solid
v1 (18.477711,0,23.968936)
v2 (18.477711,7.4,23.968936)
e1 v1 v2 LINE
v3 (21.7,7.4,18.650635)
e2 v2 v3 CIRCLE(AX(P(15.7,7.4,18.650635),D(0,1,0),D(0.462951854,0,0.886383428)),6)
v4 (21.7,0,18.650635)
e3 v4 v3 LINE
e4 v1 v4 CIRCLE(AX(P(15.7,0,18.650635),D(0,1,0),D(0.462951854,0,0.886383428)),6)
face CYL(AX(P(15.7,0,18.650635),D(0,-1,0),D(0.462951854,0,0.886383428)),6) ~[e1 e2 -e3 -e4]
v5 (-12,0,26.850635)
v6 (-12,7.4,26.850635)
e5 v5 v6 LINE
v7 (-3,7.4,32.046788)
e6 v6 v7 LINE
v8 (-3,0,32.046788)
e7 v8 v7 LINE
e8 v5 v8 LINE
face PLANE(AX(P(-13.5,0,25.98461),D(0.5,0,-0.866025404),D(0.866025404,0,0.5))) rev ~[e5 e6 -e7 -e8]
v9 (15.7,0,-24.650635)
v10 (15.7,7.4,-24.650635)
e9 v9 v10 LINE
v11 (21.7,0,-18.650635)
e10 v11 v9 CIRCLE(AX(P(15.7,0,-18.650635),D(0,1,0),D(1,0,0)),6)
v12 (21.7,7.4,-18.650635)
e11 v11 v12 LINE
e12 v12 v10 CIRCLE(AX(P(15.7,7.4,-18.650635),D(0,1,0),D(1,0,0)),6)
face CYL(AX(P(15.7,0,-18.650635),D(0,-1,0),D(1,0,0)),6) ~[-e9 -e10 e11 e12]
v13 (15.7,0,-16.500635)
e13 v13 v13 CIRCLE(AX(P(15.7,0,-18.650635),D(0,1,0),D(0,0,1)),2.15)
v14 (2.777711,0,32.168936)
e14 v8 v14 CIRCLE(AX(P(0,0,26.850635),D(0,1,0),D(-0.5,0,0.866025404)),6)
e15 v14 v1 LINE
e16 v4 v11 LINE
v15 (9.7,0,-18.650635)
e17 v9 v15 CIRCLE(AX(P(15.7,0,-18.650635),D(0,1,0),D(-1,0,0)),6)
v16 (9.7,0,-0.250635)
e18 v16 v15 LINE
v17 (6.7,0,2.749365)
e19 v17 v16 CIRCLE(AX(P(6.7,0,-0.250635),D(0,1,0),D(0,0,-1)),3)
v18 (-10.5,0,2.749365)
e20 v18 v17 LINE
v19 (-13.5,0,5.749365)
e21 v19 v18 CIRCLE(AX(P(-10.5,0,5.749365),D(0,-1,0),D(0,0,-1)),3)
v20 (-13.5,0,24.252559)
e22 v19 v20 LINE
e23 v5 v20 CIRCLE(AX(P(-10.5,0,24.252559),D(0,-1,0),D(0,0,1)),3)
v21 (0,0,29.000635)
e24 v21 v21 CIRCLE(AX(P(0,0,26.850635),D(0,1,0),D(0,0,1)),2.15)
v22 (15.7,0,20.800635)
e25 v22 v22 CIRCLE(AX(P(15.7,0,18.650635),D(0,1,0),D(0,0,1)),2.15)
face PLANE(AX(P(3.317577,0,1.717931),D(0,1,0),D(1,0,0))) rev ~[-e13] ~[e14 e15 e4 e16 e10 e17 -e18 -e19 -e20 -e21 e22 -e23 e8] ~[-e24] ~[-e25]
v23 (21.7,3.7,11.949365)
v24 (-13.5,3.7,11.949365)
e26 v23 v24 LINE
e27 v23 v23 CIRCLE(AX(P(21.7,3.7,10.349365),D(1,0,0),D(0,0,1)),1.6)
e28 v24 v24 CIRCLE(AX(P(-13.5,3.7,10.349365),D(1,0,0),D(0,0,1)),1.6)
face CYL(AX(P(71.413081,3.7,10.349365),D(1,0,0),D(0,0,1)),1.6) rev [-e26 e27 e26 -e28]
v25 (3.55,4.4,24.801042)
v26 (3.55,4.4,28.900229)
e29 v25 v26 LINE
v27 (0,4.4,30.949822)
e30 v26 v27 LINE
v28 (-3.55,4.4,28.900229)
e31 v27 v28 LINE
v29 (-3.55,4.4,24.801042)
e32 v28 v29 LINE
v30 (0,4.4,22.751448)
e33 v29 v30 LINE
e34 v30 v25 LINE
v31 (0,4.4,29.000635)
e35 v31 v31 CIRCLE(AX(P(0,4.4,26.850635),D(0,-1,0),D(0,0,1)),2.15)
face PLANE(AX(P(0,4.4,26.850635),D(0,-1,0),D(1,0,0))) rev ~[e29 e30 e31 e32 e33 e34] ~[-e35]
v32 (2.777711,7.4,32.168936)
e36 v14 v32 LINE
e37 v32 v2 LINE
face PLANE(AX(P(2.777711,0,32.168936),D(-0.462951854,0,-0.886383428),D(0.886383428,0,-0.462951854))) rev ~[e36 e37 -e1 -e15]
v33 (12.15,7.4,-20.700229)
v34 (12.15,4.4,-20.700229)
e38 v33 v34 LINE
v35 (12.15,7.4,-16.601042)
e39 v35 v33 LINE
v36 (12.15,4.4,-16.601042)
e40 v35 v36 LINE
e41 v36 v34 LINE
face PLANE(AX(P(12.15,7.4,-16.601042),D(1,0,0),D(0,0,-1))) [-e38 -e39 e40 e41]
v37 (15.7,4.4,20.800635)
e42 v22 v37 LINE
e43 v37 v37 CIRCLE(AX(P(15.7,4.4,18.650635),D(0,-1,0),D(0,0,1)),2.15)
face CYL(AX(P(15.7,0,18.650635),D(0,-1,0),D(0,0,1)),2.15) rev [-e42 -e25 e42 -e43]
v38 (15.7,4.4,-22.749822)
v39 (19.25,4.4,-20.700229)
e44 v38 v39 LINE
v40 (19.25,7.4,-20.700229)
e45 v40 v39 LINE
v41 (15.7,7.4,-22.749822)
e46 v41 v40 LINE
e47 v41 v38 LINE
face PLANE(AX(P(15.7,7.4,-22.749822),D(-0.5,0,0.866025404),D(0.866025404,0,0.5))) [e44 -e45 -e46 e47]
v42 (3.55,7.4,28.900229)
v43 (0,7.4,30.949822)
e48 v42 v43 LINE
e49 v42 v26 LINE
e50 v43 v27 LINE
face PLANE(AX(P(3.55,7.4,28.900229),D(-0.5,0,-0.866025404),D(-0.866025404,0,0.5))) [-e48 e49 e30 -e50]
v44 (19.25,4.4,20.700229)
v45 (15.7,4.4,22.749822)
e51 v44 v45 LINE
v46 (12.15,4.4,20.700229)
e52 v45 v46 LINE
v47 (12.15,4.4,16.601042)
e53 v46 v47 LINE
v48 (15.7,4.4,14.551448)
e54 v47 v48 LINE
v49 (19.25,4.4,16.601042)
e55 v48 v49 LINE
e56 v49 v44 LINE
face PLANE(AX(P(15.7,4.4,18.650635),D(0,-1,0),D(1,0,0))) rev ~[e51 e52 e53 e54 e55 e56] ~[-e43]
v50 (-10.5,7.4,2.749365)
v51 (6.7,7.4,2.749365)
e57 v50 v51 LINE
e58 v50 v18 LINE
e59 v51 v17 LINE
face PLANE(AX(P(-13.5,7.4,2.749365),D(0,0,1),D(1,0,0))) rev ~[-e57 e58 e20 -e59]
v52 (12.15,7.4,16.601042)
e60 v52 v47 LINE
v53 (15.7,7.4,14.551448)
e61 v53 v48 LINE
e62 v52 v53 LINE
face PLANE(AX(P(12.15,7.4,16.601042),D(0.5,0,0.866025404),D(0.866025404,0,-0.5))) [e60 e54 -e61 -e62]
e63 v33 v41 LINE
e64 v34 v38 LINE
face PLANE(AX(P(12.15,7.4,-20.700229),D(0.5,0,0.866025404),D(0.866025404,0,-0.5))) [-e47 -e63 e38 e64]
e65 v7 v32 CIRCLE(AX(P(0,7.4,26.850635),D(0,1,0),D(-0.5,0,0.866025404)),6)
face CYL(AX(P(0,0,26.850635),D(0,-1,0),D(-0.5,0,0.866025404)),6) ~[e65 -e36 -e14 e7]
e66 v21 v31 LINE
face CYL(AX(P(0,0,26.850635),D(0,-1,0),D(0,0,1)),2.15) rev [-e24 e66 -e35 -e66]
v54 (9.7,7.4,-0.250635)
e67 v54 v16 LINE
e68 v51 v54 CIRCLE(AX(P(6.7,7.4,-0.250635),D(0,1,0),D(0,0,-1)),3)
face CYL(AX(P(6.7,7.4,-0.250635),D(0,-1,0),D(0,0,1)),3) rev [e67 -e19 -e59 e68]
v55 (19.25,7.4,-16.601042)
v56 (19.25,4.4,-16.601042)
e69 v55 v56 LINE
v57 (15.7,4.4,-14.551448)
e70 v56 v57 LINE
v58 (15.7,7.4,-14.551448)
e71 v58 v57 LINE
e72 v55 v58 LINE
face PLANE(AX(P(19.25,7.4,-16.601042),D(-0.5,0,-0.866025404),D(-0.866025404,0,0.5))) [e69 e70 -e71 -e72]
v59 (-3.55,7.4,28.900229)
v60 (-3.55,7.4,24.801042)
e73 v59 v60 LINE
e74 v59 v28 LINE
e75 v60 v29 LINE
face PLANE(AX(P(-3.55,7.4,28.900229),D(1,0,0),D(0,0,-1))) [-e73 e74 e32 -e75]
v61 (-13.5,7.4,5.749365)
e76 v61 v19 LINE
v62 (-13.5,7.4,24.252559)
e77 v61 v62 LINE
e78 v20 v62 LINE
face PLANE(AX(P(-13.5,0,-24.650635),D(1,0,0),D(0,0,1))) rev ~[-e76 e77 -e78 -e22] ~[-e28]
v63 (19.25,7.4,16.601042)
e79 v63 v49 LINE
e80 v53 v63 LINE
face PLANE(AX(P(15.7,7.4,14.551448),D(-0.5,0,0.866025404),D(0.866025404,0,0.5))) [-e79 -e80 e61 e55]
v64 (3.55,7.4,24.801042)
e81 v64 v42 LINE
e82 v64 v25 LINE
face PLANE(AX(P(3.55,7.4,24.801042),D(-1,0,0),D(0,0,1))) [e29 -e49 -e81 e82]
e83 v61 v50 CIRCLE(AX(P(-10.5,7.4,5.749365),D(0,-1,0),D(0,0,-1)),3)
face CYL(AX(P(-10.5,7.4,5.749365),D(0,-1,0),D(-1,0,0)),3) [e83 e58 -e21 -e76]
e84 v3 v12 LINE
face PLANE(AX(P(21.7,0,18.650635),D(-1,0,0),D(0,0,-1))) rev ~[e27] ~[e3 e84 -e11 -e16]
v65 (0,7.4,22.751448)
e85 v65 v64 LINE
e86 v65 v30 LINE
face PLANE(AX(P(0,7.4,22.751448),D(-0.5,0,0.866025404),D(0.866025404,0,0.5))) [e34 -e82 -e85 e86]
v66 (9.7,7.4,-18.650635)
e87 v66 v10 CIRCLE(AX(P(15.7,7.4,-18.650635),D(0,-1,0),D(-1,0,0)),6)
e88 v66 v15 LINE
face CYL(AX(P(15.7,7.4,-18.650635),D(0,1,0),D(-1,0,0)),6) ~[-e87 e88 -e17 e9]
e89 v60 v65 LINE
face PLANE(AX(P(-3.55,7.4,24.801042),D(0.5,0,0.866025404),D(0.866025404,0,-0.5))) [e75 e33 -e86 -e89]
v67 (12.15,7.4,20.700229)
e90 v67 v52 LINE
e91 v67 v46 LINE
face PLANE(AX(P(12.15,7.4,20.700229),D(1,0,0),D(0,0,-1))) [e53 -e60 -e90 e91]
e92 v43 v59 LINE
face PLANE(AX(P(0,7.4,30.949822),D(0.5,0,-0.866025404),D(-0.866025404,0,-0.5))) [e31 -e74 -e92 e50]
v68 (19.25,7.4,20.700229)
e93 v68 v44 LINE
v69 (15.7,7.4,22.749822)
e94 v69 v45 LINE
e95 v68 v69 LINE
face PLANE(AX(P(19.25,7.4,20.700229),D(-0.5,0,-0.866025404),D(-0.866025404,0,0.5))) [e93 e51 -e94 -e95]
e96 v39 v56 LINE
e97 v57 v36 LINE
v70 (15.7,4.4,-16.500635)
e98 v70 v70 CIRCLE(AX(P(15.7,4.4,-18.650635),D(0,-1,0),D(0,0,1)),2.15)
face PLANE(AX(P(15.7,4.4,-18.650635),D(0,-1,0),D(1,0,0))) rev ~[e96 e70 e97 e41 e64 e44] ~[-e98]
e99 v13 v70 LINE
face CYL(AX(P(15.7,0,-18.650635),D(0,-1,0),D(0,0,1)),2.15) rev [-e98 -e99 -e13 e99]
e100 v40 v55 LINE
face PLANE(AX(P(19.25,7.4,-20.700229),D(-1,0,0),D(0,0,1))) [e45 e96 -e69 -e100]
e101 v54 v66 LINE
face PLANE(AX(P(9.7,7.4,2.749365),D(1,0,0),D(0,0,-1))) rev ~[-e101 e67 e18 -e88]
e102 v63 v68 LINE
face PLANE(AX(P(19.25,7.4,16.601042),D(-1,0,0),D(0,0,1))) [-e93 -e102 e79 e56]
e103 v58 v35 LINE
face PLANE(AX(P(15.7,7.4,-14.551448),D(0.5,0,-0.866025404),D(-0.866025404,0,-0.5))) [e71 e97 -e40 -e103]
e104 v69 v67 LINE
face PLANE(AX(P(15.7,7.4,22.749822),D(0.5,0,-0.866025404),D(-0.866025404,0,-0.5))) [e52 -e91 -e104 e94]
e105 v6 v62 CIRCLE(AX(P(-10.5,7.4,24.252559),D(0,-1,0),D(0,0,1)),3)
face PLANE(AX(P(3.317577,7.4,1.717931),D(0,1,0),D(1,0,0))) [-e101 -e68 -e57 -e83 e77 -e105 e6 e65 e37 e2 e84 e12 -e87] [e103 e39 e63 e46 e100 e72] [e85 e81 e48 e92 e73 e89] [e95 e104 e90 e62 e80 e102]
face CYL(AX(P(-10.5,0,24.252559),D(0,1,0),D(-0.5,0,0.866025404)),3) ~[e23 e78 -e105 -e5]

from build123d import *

# Parameters (mm, degrees)
SKETCH2_R               = 2.15
BOSS_EXTRUDE1_DEPTH     = 7.4
CUT_EXTRUDE4_DEPTH      = 49.713080647
CUT_EXTRUDE4_DEPTH_BACK = 49.713080647
SKETCH3_R               = 1.6
CUT_EXTRUDE1_DEPTH      = 3
CUT_EXTRUDE5_DEPTH      = 41.060132627
FILLET1_R               = 3


with BuildPart() as part:
    # Sketch2 → Boss-Extrude1 (new body)
    with BuildSketch(Plane(origin=(0, 0, 0), x_dir=(1, 0, 0), z_dir=(0, 1, 0))):
        with BuildLine():
            Line((-13.5, -25.984609691), (-3, -32.046787517))
            ThreePointArc((-3, -32.046787517), (-0.126819274, -32.849294684), (2.777711124, -32.168935661))
            Line((2.777711124, -32.168935661), (18.477711124, -23.968935661))
            ThreePointArc((18.477711124, -23.968935661), (20.831581956, -21.759793603), (21.7, -18.650635095))
            Line((21.7, -18.650635095), (21.7, 18.650635095))
            ThreePointArc((21.7, 18.650635095), (19.942640687, 22.893275782), (15.7, 24.650635095))
            Line((15.7, 24.650635095), (11.5, 24.650635095))
            Line((11.5, 24.650635095), (-13.5, 24.650635095))
            Line((-13.5, 24.650635095), (-13.5, -22.650635095))
            Line((-13.5, -22.650635095), (-13.5, -25.984609691))
        make_face()
        with Locations(Location((0, -26.850635095, 0), (0, 0, 270))):
            Circle(SKETCH2_R, mode=Mode.SUBTRACT)
        with Locations(Location((15.7, -18.650635095, 0), (0, 0, 270))):
            Circle(SKETCH2_R, mode=Mode.SUBTRACT)
        with Locations(Location((15.7, 18.650635095, 0), (0, 0, 270))):
            Circle(SKETCH2_R, mode=Mode.SUBTRACT)
    extrude(amount=BOSS_EXTRUDE1_DEPTH)

    # Sketch3 → Cut-Extrude4 (cut, two sides: drawn at the far end of the back side and taken through both)
    with BuildSketch(Plane.ZY.offset(-21.7).offset(-CUT_EXTRUDE4_DEPTH_BACK)):
        with Locations((10.349364905, 3.7)):
            Circle(SKETCH3_R)
    extrude(amount=CUT_EXTRUDE4_DEPTH + CUT_EXTRUDE4_DEPTH_BACK, mode=Mode.SUBTRACT)

    # Sketch4 → Cut-Extrude1 (cut)
    with BuildSketch(Plane.XZ.offset(-7.4)):
        Polygon((0, 22.751448183), (3.55, 24.801041639), (3.55, 28.90022855), (0, 30.949822006), (-3.55, 28.90022855), (-3.55, 24.801041639), align=None)
        Polygon((15.7, 14.551448183), (19.25, 16.601041639), (19.25, 20.70022855), (15.7, 22.749822006), (12.15, 20.70022855), (12.15, 16.601041639), align=None)
        Polygon((12.15, -20.70022855), (15.7, -22.749822006), (19.25, -20.70022855), (19.25, -16.601041639), (15.7, -14.551448183), (12.15, -16.601041639), align=None)
    extrude(amount=CUT_EXTRUDE1_DEPTH, mode=Mode.SUBTRACT)

    # Sketch5 → Cut-Extrude5 (cut, through all)
    with BuildSketch(Plane(origin=(0, 7.4, 0), x_dir=(1, 0, 0), z_dir=(0, 1, 0))):
        with BuildLine():
            Line((-13.5, 24.650635095), (-13.5, -2.749364905))
            Line((-13.5, -2.749364905), (9.7, -2.749364905))
            Line((9.7, -2.749364905), (9.7, 18.650635095))
            ThreePointArc((9.7, 18.650635095), (11.457359313, 22.893275782), (15.7, 24.650635095))
            Line((15.7, 24.650635095), (-13.5, 24.650635095))
        make_face()
    extrude(amount=-CUT_EXTRUDE5_DEPTH, mode=Mode.SUBTRACT)

    # Fillet1
    fillet1_edges = [part.edges().sort_by_distance(p)[0] for p in [
        (9.7, 3.7, 2.749364905),
        (-13.5, 3.7, 2.749364905),
        (-13.5, 3.7, 25.984609691),
    ]]
    fillet(fillet1_edges, radius=FILLET1_R)


solid = part.part
